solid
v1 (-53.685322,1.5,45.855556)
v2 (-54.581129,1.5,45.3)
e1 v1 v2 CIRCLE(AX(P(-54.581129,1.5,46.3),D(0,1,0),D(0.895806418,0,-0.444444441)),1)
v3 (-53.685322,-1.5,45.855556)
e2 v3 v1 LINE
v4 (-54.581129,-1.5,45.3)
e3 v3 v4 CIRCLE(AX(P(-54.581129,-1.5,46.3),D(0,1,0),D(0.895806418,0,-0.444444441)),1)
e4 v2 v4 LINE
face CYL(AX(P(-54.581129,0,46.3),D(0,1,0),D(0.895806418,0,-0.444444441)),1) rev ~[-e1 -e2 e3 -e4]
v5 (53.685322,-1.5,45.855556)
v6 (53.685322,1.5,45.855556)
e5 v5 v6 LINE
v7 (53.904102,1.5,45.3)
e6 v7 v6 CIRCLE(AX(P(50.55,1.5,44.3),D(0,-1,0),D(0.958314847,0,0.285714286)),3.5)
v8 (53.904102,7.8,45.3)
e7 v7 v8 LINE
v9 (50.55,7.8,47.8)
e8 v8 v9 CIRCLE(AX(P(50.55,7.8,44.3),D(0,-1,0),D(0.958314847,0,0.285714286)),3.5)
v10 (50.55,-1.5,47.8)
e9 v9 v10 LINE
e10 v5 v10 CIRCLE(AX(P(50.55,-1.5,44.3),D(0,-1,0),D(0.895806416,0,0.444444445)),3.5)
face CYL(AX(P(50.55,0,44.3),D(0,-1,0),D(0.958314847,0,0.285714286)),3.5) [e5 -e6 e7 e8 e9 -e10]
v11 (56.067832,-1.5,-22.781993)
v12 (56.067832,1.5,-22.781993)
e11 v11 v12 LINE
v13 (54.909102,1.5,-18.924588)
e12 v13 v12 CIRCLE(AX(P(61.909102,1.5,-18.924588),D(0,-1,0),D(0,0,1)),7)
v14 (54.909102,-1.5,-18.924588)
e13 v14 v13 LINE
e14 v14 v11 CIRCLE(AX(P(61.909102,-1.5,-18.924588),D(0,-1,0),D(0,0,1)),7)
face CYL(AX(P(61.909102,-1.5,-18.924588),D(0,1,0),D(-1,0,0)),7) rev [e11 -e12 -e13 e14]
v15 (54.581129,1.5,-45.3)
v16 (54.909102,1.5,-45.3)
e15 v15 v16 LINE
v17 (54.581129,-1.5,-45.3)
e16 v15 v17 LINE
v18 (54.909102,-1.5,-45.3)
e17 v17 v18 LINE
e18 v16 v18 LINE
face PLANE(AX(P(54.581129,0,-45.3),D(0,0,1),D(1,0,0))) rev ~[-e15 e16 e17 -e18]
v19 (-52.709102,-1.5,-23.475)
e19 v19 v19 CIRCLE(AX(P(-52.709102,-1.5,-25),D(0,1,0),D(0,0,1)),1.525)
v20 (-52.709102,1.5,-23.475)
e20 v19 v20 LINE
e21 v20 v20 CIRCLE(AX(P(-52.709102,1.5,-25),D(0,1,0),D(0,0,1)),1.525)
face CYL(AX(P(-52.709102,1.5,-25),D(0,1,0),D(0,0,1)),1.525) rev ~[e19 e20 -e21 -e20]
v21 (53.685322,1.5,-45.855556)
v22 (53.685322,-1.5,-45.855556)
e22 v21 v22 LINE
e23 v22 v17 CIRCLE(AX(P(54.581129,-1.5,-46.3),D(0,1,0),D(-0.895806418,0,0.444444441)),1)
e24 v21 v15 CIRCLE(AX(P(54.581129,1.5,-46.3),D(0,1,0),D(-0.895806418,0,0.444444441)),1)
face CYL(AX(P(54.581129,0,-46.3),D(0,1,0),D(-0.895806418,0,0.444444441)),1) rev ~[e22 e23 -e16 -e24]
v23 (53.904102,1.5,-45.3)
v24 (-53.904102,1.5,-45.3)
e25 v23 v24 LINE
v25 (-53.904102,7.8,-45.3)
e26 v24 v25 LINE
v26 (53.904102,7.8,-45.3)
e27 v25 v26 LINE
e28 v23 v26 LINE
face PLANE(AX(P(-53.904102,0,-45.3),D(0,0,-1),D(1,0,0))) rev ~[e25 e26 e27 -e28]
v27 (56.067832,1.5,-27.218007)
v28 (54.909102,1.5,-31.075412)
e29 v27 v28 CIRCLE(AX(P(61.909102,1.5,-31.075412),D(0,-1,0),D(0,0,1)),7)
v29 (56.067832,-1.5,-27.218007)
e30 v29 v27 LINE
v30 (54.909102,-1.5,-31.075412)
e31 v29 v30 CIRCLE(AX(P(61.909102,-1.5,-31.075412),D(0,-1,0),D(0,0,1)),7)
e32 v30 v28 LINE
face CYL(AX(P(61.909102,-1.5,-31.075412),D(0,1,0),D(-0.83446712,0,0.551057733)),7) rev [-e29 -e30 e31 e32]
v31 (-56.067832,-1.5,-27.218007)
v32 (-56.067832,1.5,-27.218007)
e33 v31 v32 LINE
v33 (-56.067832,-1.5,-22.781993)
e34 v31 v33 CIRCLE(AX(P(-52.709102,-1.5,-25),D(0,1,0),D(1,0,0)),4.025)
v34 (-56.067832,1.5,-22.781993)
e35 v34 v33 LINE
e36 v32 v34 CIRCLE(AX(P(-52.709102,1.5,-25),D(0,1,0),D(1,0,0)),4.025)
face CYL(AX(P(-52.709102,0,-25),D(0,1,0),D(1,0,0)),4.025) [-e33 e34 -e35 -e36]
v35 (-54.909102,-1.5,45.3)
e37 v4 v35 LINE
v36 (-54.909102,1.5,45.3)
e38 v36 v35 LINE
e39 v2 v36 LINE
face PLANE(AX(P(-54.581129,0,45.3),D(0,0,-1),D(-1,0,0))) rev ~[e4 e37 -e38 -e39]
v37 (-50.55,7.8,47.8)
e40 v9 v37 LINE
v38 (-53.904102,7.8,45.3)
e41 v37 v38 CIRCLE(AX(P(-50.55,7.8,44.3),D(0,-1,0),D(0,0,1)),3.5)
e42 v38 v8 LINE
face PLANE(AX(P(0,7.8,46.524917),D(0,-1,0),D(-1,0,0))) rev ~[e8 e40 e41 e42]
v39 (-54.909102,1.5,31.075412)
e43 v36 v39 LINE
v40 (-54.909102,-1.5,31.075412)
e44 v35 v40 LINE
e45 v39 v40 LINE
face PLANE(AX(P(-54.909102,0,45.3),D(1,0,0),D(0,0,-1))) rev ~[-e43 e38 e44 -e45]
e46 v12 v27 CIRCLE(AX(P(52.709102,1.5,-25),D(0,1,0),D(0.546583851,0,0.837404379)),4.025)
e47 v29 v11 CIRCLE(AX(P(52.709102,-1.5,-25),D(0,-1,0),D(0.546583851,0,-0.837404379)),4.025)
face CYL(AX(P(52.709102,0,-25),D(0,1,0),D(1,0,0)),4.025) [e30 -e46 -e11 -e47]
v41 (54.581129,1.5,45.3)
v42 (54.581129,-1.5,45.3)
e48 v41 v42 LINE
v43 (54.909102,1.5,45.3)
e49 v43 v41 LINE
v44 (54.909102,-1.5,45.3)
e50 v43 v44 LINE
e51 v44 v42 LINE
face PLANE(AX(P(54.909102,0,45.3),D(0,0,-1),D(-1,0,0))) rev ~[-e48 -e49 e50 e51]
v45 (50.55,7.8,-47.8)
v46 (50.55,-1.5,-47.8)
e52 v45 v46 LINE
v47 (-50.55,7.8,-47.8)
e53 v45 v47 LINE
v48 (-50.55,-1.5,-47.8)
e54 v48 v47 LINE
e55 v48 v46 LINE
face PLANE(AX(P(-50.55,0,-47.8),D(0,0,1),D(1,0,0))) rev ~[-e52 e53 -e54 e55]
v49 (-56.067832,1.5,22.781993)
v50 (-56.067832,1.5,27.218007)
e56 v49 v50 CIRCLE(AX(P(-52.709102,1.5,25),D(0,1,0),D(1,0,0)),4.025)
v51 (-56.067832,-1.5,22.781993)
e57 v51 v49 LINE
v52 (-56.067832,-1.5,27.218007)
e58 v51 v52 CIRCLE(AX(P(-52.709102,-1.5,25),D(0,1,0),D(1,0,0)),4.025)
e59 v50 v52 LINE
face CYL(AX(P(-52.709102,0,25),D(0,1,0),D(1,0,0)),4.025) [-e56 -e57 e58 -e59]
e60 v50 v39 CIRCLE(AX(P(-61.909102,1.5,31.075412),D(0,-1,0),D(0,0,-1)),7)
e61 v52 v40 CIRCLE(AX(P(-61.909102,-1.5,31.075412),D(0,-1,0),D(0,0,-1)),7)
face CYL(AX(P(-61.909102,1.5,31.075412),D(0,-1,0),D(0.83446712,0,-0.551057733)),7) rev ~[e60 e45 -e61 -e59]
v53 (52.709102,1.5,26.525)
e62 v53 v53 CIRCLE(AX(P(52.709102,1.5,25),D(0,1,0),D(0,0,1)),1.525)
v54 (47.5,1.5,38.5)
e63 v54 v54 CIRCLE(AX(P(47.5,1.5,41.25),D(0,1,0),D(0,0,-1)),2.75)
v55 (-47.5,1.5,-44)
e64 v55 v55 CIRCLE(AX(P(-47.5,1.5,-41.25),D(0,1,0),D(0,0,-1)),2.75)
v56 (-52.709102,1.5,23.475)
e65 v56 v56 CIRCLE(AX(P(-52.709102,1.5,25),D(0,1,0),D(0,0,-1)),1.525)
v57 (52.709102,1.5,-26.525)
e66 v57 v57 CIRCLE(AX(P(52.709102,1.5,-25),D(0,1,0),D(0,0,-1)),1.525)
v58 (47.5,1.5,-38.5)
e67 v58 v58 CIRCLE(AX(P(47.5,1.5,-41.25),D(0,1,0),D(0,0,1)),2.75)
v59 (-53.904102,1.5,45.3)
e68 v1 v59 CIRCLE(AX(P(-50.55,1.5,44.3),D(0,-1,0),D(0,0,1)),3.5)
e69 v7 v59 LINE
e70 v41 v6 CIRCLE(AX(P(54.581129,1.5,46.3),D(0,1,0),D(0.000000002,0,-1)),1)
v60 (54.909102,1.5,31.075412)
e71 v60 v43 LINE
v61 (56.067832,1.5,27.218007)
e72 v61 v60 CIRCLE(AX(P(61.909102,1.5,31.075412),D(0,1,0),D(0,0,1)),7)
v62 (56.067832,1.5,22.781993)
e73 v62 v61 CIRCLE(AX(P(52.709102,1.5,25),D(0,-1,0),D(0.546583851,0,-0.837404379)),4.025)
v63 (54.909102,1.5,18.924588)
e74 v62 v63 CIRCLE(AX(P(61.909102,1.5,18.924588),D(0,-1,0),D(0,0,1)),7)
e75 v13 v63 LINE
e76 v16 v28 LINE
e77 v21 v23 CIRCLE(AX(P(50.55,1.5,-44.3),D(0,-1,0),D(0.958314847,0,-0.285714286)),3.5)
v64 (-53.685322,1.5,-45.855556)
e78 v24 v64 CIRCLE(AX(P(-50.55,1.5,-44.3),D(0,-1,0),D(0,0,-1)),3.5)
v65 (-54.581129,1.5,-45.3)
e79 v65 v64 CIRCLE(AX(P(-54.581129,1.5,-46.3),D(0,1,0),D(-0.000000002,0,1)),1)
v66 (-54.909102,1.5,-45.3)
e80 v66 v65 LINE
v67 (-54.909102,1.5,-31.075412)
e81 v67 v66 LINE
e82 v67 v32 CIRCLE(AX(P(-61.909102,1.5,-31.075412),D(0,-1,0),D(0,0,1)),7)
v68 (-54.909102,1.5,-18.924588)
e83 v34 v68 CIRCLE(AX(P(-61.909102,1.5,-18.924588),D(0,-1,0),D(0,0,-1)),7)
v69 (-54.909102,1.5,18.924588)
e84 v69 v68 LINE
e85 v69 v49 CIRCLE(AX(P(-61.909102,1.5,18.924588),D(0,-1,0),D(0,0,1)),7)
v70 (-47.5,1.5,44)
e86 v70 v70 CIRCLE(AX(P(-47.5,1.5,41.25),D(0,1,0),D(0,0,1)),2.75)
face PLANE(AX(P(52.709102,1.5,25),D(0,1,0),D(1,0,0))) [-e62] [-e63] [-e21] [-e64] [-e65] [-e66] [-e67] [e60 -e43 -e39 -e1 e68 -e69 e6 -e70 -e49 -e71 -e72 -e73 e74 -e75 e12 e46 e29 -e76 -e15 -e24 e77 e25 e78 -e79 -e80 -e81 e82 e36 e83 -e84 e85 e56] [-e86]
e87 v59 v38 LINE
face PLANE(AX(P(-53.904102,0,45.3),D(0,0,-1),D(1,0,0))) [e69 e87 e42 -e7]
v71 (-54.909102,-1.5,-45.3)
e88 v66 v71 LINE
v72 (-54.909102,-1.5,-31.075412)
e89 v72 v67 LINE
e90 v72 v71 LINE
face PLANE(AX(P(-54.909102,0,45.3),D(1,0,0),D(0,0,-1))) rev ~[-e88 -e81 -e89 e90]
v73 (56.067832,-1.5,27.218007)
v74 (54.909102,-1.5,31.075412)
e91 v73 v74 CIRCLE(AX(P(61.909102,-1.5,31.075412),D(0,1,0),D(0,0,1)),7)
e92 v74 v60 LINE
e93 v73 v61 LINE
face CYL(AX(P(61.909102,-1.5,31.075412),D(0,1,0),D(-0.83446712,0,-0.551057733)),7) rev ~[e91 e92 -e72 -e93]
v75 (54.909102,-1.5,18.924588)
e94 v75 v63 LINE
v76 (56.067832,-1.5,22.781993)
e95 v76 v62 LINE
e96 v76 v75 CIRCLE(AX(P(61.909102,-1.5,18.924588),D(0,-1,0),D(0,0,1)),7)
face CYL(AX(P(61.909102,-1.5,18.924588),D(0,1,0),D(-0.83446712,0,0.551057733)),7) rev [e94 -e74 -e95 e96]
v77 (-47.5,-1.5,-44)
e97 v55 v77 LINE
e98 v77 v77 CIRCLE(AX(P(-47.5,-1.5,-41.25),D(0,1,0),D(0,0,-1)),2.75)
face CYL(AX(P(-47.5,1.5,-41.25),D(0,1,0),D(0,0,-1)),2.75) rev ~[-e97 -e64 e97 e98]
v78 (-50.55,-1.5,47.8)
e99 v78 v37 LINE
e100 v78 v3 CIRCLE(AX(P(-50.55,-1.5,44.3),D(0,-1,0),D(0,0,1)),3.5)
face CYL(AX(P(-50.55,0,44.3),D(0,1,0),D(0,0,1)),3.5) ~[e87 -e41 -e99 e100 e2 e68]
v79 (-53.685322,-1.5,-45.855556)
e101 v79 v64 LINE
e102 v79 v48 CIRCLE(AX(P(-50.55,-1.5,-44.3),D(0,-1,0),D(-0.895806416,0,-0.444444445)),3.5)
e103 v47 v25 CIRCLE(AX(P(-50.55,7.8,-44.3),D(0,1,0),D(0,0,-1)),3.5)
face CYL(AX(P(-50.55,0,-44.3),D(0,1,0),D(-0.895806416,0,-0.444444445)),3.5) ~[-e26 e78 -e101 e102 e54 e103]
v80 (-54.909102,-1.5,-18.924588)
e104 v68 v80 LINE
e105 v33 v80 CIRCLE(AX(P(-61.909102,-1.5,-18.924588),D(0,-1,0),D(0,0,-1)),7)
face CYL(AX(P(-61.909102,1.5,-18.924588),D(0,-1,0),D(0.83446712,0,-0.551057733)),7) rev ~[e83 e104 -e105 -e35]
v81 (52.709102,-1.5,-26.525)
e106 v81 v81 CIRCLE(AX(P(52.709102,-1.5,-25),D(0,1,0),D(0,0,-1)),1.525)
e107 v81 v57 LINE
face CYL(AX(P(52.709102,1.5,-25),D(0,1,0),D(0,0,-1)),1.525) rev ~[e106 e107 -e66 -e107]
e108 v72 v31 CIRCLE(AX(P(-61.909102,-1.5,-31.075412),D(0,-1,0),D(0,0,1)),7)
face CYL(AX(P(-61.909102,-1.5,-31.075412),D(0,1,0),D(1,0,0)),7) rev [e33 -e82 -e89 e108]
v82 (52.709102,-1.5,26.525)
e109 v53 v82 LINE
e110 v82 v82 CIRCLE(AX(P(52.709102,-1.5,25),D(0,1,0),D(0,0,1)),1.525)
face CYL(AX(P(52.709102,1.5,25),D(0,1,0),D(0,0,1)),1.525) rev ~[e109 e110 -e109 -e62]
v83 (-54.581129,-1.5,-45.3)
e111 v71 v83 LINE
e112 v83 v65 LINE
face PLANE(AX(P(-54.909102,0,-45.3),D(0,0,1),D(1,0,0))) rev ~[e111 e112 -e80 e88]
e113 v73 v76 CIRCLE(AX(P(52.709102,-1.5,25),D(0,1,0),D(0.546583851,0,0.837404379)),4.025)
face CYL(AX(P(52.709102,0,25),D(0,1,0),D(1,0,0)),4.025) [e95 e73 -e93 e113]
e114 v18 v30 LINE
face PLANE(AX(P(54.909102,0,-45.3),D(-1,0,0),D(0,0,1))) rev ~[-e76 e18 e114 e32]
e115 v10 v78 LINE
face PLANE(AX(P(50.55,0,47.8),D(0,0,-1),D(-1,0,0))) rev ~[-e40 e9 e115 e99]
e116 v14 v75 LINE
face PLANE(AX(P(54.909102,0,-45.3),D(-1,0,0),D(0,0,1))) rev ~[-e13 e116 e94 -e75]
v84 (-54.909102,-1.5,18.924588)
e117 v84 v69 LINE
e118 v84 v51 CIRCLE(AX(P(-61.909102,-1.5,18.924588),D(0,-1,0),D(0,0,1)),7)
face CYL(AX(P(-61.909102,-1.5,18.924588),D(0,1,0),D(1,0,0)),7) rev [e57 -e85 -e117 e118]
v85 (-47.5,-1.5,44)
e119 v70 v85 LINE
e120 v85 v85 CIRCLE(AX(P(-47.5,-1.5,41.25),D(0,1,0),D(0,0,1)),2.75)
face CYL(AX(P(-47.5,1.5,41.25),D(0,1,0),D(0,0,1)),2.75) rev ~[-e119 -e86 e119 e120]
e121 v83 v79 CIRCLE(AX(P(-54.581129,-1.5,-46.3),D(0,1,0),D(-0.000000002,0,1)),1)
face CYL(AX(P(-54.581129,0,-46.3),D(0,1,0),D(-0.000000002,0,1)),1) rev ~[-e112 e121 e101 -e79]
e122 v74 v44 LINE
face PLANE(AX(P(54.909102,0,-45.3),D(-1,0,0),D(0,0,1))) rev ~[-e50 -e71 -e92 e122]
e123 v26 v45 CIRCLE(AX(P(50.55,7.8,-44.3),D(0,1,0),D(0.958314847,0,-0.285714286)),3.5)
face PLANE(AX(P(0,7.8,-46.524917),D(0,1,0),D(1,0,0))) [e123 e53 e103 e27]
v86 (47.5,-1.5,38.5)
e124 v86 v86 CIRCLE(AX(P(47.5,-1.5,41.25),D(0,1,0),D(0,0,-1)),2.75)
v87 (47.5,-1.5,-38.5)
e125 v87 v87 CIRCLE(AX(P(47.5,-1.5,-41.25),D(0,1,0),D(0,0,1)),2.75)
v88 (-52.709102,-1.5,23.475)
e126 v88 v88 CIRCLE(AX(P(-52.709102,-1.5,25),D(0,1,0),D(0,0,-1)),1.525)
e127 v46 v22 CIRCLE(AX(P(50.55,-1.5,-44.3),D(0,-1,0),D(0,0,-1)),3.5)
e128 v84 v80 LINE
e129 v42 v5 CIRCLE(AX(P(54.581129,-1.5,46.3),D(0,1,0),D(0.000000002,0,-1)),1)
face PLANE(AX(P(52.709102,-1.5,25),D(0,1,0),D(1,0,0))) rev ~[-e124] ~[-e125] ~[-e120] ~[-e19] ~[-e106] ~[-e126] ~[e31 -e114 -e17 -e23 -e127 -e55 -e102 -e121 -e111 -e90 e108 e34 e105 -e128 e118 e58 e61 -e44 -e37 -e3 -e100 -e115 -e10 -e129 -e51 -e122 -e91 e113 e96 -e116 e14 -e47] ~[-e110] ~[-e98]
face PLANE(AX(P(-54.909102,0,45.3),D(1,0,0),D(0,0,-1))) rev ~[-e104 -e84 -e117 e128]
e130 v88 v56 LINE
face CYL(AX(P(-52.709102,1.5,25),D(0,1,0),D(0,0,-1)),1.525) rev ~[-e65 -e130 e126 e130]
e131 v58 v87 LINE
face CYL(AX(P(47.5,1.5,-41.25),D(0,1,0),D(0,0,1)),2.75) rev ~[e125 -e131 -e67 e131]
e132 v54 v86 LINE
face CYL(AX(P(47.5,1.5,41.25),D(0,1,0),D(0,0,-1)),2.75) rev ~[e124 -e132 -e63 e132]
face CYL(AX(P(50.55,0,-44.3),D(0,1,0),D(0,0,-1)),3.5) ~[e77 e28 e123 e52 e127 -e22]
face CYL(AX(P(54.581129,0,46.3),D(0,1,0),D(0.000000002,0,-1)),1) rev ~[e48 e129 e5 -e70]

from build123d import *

# Parameters (mm, degrees)
BOSS_EXTRUDE1_DEPTH   = 7.8
BOSS_EXTRUDE1_2_DEPTH = 7.8
BOSS_EXTRUDE2_DEPTH   = 1.5
SKETCH5_R             = 1.6
CUT_EXTRUDE1_DEPTH    = 74.072152553
SKETCH6_R             = 1.525
CUT_EXTRUDE2_DEPTH    = 74.072152553
SKETCH7_R             = 4.025
SKETCH7_R_2           = 1.525
BOSS_EXTRUDE3_DEPTH   = 1.5
FILLET1_R             = 7
SKETCH8_R             = 2.75
CUT_EXTRUDE3_DEPTH    = 3


with BuildPart() as part:
    # Sketch1 → Boss-Extrude1 (new body)
    with BuildSketch(Plane(origin=(0, 0, 0), x_dir=(1, 0, 0), z_dir=(0, 1, 0))):
        with BuildLine():
            Line((-50.55, -45.3), (50.55, -45.3))
            Line((50.55, -45.3), (53.904101966, -45.3))
            ThreePointArc((53.904101966, -45.3), (52.641650066, -47.10624304), (50.55, -47.8))
            Line((50.55, -47.8), (-50.55, -47.8))
            ThreePointArc((-50.55, -47.8), (-52.641650066, -47.10624304), (-53.904101966, -45.3))
            Line((-53.904101966, -45.3), (-50.55, -45.3))
        make_face()
    extrude(amount=BOSS_EXTRUDE1_DEPTH)



with BuildPart() as body_2:
    # Sketch1 → Boss-Extrude1 2 (new body)
    with BuildSketch(Plane(origin=(0, 0, 0), x_dir=(1, 0, 0), z_dir=(0, 1, 0))):
        with BuildLine():
            Line((-50.55, 45.3), (50.55, 45.3))
            Line((50.55, 45.3), (53.904101966, 45.3))
            ThreePointArc((53.904101966, 45.3), (52.641650066, 47.10624304), (50.55, 47.8))
            Line((50.55, 47.8), (-50.55, 47.8))
            ThreePointArc((-50.55, 47.8), (-52.641650066, 47.10624304), (-53.904101966, 45.3))
            Line((-53.904101966, 45.3), (-50.55, 45.3))
        make_face()
    extrude(amount=BOSS_EXTRUDE1_2_DEPTH)


with BuildPart() as part_1:
    add(part.part)

    add(body_2.part)  # Boss-Extrude2 merges body 2
    # Sketch3 → Boss-Extrude2 (add, symmetric)
    with BuildSketch(Plane(origin=(0, 0, 0), x_dir=(1, 0, 0), z_dir=(0, 1, 0))):
        with BuildLine():
            Line((-50.55, 47.8), (50.55, 47.8))
            ThreePointArc((50.55, 47.8), (52.394661968, 47.27442805), (53.685322458, 45.855555556))
            ThreePointArc((53.685322458, 45.855555556), (54.054082597, 45.450163414), (54.581128874, 45.3))
            Line((54.581128874, 45.3), (54.909101966, 45.3))
            Line((54.909101966, 45.3), (54.909101966, -45.3))
            Line((54.909101966, -45.3), (54.581128874, -45.3))
            ThreePointArc((54.581128874, -45.3), (54.054082597, -45.450163414), (53.685322458, -45.855555556))
            ThreePointArc((53.685322458, -45.855555556), (52.394661968, -47.27442805), (50.55, -47.8))
            Line((50.55, -47.8), (-50.55, -47.8))
            ThreePointArc((-50.55, -47.8), (-52.394661968, -47.27442805), (-53.685322458, -45.855555556))
            ThreePointArc((-53.685322458, -45.855555556), (-54.054082597, -45.450163414), (-54.581128874, -45.3))
            Line((-54.581128874, -45.3), (-54.909101966, -45.3))
            Line((-54.909101966, -45.3), (-54.909101966, 45.3))
            Line((-54.909101966, 45.3), (-54.581128874, 45.3))
            ThreePointArc((-54.581128874, 45.3), (-54.054082597, 45.450163414), (-53.685322458, 45.855555556))
            ThreePointArc((-53.685322458, 45.855555556), (-52.394661968, 47.27442805), (-50.55, 47.8))
        make_face()
    extrude(amount=BOSS_EXTRUDE2_DEPTH, both=True)

    # Sketch5 → Cut-Extrude1 (cut, through all)
    with BuildSketch(Plane(origin=(0, 1.5, 0), x_dir=(1, 0, 0), z_dir=(0, 1, 0))):
        with Locations(Location((-47.5, 41.25, 0), (0, 0, 270))):
            Circle(SKETCH5_R)
        with Locations(Location((47.5, 41.25, 0), (0, 0, 90))):
            Circle(SKETCH5_R)
        with Locations(Location((47.5, -41.25, 0), (0, 0, 270))):
            Circle(SKETCH5_R)
        with Locations(Location((-47.5, -41.25, 0), (0, 0, 90))):
            Circle(SKETCH5_R)
    extrude(amount=-CUT_EXTRUDE1_DEPTH, mode=Mode.SUBTRACT)

    # Sketch6 → Cut-Extrude2 (cut, through all)
    with BuildSketch(Plane(origin=(0, 1.5, 0), x_dir=(1, 0, 0), z_dir=(0, 1, 0))):
        with Locations(Location((-52.709101966, 25, 0), (0, 0, 270))):
            Circle(SKETCH6_R)
        with Locations(Location((52.709101966, 25, 0), (0, 0, 90))):
            Circle(SKETCH6_R)
        with Locations(Location((52.709101966, -25, 0), (0, 0, 270))):
            Circle(SKETCH6_R)
        with Locations(Location((-52.709101966, -25, 0), (0, 0, 90))):
            Circle(SKETCH6_R)
    extrude(amount=-CUT_EXTRUDE2_DEPTH, mode=Mode.SUBTRACT)

    # Sketch7 → Boss-Extrude3 (add, symmetric)
    # profile 1 of 4: a face of its own
    with BuildSketch(Plane(origin=(0, 0, 0), x_dir=(1, 0, 0), z_dir=(0, 1, 0))):
        with Locations((-52.709101966, 25)):
            Circle(SKETCH7_R)
        with Locations(Location((-52.709101966, 25, 0), (0, 0, 270))):
            Circle(SKETCH7_R_2, mode=Mode.SUBTRACT)
    # profile 2 of 4: a face of its own
    with BuildSketch(Plane(origin=(0, 0, 0), x_dir=(1, 0, 0), z_dir=(0, 1, 0))):
        with Locations((-52.709101966, -25)):
            Circle(SKETCH7_R)
        with Locations(Location((-52.709101966, -25, 0), (0, 0, 90))):
            Circle(SKETCH7_R_2, mode=Mode.SUBTRACT)
    # profile 3 of 4: a face of its own
    with BuildSketch(Plane(origin=(0, 0, 0), x_dir=(1, 0, 0), z_dir=(0, 1, 0))):
        with Locations((52.709101966, 25)):
            Circle(SKETCH7_R)
        with Locations(Location((52.709101966, 25, 0), (0, 0, 90))):
            Circle(SKETCH7_R_2, mode=Mode.SUBTRACT)
    # profile 4 of 4: a face of its own
    with BuildSketch(Plane(origin=(0, 0, 0), x_dir=(1, 0, 0), z_dir=(0, 1, 0))):
        with Locations((52.709101966, -25)):
            Circle(SKETCH7_R)
        with Locations(Location((52.709101966, -25, 0), (0, 0, 270))):
            Circle(SKETCH7_R_2, mode=Mode.SUBTRACT)
    extrude(amount=BOSS_EXTRUDE3_DEPTH, both=True)

    # Fillet1
    fillet1_edges = [part_1.edges().sort_by_distance(p)[0] for p in [
        (-54.909101966, 0, 28.370552625),
        (-54.909101966, 0, 21.629447375),
        (54.909101966, 0, -28.370552625),
        (54.909101966, 0, -21.629447375),
        (54.909101966, 0, 21.629447375),
        (54.909101966, 0, 28.370552625),
        (-54.909101966, 0, -21.629447375),
        (-54.909101966, 0, -28.370552625),
    ]]
    fillet(fillet1_edges, radius=FILLET1_R)

    # Sketch8 → Cut-Extrude3 (cut)
    with BuildSketch(Plane(origin=(0, 1.5, 0), x_dir=(1, 0, 0), z_dir=(0, 1, 0))):
        with Locations(Location((-47.5, -41.25, 0), (0, 0, 270))):
            Circle(SKETCH8_R)
        with Locations(Location((-47.5, 41.25, 0), (0, 0, 90))):
            Circle(SKETCH8_R)
        with Locations(Location((47.5, 41.25, 0), (0, 0, 270))):
            Circle(SKETCH8_R)
        with Locations(Location((47.5, -41.25, 0), (0, 0, 90))):
            Circle(SKETCH8_R)
    extrude(amount=-CUT_EXTRUDE3_DEPTH, mode=Mode.SUBTRACT)


solid = part_1.part
